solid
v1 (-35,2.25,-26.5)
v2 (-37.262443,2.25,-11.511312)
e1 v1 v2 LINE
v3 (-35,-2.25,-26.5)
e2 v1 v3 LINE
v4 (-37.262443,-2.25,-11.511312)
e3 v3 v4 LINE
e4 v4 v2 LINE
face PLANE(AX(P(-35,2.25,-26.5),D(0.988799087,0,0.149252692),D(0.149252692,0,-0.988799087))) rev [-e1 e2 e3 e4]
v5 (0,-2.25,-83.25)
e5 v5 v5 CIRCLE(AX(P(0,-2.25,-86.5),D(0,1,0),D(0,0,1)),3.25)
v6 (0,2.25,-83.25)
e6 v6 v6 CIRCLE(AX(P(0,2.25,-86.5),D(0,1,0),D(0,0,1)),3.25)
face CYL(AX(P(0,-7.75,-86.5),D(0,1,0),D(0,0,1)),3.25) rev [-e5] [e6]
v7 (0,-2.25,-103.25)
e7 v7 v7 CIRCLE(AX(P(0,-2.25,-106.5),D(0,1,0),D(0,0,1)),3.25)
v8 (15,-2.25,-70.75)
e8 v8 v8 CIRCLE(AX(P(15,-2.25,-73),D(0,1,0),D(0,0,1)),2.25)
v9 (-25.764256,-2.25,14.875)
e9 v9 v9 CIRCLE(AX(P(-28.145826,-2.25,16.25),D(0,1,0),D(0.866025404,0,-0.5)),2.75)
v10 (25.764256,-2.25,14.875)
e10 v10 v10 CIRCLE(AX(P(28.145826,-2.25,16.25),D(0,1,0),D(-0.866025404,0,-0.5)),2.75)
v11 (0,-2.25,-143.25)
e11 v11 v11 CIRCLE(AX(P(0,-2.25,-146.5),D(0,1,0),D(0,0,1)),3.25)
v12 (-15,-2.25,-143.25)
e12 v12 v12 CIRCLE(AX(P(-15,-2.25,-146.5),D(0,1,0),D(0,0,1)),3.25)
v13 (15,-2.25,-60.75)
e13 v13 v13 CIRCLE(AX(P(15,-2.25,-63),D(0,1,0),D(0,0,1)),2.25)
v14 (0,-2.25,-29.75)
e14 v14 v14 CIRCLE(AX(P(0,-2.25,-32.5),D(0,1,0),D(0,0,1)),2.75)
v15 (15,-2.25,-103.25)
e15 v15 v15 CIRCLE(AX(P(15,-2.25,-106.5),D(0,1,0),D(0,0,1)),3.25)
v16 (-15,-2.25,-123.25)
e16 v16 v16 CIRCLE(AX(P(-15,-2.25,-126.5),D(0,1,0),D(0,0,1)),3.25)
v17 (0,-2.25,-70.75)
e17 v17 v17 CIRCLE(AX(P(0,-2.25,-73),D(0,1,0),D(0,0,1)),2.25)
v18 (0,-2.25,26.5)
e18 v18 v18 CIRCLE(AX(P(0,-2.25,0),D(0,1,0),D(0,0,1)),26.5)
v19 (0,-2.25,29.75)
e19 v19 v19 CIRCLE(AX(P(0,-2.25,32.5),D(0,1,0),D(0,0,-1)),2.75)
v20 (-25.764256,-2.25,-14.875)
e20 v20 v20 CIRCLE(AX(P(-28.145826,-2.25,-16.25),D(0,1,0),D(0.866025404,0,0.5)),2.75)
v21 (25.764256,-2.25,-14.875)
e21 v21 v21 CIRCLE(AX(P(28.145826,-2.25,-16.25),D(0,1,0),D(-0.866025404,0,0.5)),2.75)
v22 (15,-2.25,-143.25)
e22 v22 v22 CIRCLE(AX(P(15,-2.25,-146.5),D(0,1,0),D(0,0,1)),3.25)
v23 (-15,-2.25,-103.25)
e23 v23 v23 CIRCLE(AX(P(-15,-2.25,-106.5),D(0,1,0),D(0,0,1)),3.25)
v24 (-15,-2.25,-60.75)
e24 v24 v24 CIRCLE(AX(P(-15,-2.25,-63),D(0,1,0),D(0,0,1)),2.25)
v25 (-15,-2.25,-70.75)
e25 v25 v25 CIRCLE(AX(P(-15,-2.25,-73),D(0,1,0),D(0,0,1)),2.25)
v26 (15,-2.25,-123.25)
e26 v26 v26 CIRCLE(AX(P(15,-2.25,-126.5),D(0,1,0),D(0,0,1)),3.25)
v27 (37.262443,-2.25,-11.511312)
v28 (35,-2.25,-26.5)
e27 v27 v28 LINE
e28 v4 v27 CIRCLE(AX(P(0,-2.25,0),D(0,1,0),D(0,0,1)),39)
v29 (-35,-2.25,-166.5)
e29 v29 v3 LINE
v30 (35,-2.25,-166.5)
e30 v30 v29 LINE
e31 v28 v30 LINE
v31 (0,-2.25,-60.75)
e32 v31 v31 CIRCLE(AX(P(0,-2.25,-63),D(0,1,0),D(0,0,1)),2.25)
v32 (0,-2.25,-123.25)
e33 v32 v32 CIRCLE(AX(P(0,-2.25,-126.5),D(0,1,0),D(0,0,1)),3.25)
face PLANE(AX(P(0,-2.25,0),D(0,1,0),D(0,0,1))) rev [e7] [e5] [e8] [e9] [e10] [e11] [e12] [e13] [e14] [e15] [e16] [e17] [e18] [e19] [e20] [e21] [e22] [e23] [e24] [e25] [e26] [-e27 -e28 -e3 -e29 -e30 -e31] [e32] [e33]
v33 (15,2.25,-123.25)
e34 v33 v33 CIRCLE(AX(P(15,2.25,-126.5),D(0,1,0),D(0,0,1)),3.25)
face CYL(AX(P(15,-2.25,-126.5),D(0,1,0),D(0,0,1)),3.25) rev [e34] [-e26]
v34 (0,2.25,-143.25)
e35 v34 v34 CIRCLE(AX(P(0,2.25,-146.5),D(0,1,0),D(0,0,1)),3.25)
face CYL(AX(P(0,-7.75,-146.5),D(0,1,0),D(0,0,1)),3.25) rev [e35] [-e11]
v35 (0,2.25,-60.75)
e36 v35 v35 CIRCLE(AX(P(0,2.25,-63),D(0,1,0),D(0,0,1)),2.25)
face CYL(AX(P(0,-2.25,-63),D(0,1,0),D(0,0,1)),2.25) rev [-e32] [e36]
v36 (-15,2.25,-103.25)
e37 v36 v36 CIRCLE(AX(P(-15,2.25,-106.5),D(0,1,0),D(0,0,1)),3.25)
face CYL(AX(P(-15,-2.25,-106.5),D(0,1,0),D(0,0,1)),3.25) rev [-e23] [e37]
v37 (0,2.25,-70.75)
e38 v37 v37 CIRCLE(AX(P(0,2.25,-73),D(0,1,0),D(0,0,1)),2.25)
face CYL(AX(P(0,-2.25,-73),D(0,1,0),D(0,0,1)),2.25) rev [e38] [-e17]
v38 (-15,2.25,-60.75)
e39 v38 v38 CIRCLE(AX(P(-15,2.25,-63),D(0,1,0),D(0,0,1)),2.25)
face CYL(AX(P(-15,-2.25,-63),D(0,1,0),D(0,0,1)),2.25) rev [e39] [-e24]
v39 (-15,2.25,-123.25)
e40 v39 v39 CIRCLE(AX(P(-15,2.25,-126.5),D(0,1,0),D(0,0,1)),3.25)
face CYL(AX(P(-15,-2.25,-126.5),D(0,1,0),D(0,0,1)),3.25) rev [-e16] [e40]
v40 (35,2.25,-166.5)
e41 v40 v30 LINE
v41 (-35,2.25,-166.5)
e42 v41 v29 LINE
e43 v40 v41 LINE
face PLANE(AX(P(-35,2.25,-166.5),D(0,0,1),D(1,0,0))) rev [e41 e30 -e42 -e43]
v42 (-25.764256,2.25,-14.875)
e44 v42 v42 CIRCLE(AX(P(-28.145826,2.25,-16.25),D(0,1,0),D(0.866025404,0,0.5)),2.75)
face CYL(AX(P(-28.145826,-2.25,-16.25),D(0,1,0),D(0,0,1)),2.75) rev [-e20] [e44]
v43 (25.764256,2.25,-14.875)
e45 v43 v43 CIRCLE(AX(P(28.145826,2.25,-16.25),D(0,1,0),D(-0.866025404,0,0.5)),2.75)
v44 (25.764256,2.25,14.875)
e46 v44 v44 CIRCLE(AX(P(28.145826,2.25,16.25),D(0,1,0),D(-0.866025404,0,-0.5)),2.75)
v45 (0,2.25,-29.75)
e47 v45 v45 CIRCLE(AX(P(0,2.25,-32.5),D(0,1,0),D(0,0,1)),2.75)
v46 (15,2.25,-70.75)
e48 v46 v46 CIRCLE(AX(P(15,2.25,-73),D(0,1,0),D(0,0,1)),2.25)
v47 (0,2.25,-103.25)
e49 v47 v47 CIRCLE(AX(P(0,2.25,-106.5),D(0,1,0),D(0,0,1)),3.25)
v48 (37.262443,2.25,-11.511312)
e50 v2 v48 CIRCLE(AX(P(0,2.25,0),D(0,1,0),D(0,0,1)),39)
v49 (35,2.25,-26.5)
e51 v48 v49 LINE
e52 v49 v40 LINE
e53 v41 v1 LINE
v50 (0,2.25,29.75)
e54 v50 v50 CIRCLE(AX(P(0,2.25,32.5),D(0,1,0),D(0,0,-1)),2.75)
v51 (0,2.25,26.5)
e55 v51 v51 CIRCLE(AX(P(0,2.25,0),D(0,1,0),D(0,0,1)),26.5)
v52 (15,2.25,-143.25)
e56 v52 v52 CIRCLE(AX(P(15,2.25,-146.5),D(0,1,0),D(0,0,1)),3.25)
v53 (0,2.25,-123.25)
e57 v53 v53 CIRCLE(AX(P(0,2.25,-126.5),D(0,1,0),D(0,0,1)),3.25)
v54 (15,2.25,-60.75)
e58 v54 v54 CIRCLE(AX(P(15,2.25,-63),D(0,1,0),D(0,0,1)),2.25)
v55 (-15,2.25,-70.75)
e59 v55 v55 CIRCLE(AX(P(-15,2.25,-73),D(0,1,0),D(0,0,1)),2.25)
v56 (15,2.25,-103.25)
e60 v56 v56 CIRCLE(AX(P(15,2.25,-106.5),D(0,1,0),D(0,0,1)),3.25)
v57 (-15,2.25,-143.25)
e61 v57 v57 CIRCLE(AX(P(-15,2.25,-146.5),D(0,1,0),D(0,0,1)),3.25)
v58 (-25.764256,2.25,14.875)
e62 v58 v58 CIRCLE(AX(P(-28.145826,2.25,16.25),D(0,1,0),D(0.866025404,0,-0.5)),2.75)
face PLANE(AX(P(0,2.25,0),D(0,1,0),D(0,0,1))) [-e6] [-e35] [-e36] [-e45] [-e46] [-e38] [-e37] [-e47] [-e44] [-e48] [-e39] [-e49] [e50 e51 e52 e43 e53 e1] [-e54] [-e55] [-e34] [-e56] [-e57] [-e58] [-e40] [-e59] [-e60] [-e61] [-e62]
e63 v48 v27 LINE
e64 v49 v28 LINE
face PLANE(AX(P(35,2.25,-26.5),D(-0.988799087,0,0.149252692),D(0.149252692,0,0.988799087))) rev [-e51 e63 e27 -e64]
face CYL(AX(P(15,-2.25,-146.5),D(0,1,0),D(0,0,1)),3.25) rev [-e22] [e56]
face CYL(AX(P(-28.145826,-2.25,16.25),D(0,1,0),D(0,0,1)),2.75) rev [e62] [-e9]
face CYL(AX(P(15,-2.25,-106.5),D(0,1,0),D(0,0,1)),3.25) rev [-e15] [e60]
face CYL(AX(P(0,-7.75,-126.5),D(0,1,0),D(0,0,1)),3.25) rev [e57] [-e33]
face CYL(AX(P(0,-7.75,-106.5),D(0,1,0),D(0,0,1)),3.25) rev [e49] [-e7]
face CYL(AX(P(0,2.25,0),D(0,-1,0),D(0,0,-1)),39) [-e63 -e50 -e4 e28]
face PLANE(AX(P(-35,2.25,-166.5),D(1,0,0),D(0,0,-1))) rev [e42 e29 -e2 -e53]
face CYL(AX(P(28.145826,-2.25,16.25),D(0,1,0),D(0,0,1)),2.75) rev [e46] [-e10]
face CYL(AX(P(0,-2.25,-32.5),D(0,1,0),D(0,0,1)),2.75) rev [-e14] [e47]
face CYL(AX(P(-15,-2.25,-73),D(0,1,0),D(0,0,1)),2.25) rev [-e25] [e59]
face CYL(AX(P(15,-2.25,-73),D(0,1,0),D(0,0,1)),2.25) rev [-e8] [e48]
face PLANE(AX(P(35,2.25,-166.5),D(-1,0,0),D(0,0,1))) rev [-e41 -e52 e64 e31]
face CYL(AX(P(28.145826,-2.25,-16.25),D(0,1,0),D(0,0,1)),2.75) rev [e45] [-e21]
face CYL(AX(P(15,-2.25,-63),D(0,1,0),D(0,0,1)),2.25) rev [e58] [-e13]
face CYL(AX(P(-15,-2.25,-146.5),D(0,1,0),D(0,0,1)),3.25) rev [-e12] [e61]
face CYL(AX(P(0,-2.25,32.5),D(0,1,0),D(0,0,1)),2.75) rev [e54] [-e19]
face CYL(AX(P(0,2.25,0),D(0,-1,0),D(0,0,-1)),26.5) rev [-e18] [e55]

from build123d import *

# Parameters (mm, degrees)
SKETCH1_R            = 39
SKETCH1_R_2          = 26.5
BOSS_EXTRUDE1_DEPTH  = 2.25
SKETCH3_W            = 50
SKETCH3_H            = 51.5
BOSS_EXTRUDE2_DEPTH  = 2.25
BOSS_EXTRUDE4_DEPTH  = 2.25
SKETCH2_R            = 2.75
CUT_EXTRUDE1_DEPTH   = 3.25
CIRPATTERN1_COUNT    = 6
CUT_EXTRUDE2_START   = -5.5
SKETCH5_R            = 2.25
CUT_EXTRUDE2_DEPTH   = 6.5
LPATTERN1_COUNT      = 2
LPATTERN1_PITCH      = 15
LPATTERN1_COUNT_DIR2 = 2
LPATTERN1_PITCH_DIR2 = 10
LPATTERN2_COUNT      = 2
LPATTERN2_PITCH      = 15
LPATTERN2_COUNT_DIR2 = 2
LPATTERN2_PITCH_DIR2 = 10
CUT_EXTRUDE3_START   = -5.5
SKETCH7_R            = 3.25
CUT_EXTRUDE3_DEPTH   = 6.5
LPATTERN3_COUNT      = 3
LPATTERN3_PITCH      = 20
SKETCH8_R            = 3.25
CUT_EXTRUDE4_DEPTH   = 10
LPATTERN4_COUNT      = 4
LPATTERN4_PITCH      = 20


with BuildPart() as part:
    # Sketch1 → Boss-Extrude1 (new body, symmetric)
    with BuildSketch(Plane(origin=(0, 0, 0), x_dir=(1, 0, 0), z_dir=(0, 1, 0))):
        Circle(SKETCH1_R)
        Circle(SKETCH1_R_2, mode=Mode.SUBTRACT)
    extrude(amount=BOSS_EXTRUDE1_DEPTH, both=True)

    # Sketch3 → Boss-Extrude2 (add, symmetric)
    with BuildSketch(Plane(origin=(0, 0, 0), x_dir=(1, 0, 0), z_dir=(0, 1, 0))):
        with Locations((0, 52.25)):
            Rectangle(SKETCH3_W, SKETCH3_H)
    extrude(amount=BOSS_EXTRUDE2_DEPTH, both=True)

    # Sketch6 → Boss-Extrude4 (add, symmetric)
    with BuildSketch(Plane(origin=(0, 0, 0), x_dir=(1, 0, 0), z_dir=(0, 1, 0))):
        Polygon((-35, 166.5), (-35, 26.5), (-39, 0), (-14.981514186, 26.5), (16.520833333, 26.5), (39, 0), (35, 26.5), (35, 166.5), align=None)
    extrude(amount=BOSS_EXTRUDE4_DEPTH, both=True)

    # Sketch2 → Cut-Extrude1 (cut, symmetric)
    with BuildSketch(Plane(origin=(0, 0, 0), x_dir=(1, 0, 0), z_dir=(0, 1, 0))):
        with Locations((0, 32.5)):
            Circle(SKETCH2_R)
    cut_extrude1 = extrude(amount=CUT_EXTRUDE1_DEPTH, both=True, mode=Mode.SUBTRACT)

    # CirPattern1: Cut-Extrude1 ×6 about axis
    cirpattern1_axis = Axis((0, 0, 0), (0, 1, 0))
    for i in range(1, CIRPATTERN1_COUNT):
        add(cut_extrude1.rotate(cirpattern1_axis, i * 360 / CIRPATTERN1_COUNT), mode=Mode.SUBTRACT)

    # Sketch5 → Cut-Extrude2 (cut)
    with BuildSketch(Plane(origin=(0, 2.25, 0), x_dir=(1, 0, 0), z_dir=(0, 1, 0)).offset(CUT_EXTRUDE2_START)):
        with Locations((0, 73)):
            Circle(SKETCH5_R)
    cut_extrude2 = extrude(amount=CUT_EXTRUDE2_DEPTH, mode=Mode.SUBTRACT)

    # LPattern1: Cut-Extrude2 2 × 2
    with Locations(*[(i * LPATTERN1_PITCH, 0, j * LPATTERN1_PITCH_DIR2) for i in range(LPATTERN1_COUNT) for j in range(LPATTERN1_COUNT_DIR2) if (i, j) != (0, 0)]):
        add(cut_extrude2, mode=Mode.SUBTRACT)

    # LPattern2: Cut-Extrude2 2 × 2
    with Locations(*[(-i * LPATTERN2_PITCH, 0, j * LPATTERN2_PITCH_DIR2) for i in range(LPATTERN2_COUNT) for j in range(LPATTERN2_COUNT_DIR2) if (i, j) != (0, 0)]):
        add(cut_extrude2, mode=Mode.SUBTRACT)

    # Sketch7 → Cut-Extrude3 (cut)
    with BuildSketch(Plane(origin=(0, 2.25, 0), x_dir=(1, 0, 0), z_dir=(0, 1, 0)).offset(CUT_EXTRUDE3_START)):
        with Locations((-15, 146.5)):
            Circle(SKETCH7_R)
        with Locations((15, 146.5)):
            Circle(SKETCH7_R)
    cut_extrude3 = extrude(amount=CUT_EXTRUDE3_DEPTH, mode=Mode.SUBTRACT)

    # LPattern3: Cut-Extrude3 ×3
    with Locations(*[(0, 0, i * LPATTERN3_PITCH) for i in range(1, LPATTERN3_COUNT)]):
        add(cut_extrude3, mode=Mode.SUBTRACT)

    # Sketch8 → Cut-Extrude4 (cut)
    with BuildSketch(Plane(origin=(0, 2.25, 0), x_dir=(1, 0, 0), z_dir=(0, 1, 0))):
        with Locations((0, 146.5)):
            Circle(SKETCH8_R)
    cut_extrude4 = extrude(amount=-CUT_EXTRUDE4_DEPTH, mode=Mode.SUBTRACT)

    # LPattern4: Cut-Extrude4 ×4
    with Locations(*[(0, 0, i * LPATTERN4_PITCH) for i in range(1, LPATTERN4_COUNT)]):
        add(cut_extrude4, mode=Mode.SUBTRACT)


solid = part.part
